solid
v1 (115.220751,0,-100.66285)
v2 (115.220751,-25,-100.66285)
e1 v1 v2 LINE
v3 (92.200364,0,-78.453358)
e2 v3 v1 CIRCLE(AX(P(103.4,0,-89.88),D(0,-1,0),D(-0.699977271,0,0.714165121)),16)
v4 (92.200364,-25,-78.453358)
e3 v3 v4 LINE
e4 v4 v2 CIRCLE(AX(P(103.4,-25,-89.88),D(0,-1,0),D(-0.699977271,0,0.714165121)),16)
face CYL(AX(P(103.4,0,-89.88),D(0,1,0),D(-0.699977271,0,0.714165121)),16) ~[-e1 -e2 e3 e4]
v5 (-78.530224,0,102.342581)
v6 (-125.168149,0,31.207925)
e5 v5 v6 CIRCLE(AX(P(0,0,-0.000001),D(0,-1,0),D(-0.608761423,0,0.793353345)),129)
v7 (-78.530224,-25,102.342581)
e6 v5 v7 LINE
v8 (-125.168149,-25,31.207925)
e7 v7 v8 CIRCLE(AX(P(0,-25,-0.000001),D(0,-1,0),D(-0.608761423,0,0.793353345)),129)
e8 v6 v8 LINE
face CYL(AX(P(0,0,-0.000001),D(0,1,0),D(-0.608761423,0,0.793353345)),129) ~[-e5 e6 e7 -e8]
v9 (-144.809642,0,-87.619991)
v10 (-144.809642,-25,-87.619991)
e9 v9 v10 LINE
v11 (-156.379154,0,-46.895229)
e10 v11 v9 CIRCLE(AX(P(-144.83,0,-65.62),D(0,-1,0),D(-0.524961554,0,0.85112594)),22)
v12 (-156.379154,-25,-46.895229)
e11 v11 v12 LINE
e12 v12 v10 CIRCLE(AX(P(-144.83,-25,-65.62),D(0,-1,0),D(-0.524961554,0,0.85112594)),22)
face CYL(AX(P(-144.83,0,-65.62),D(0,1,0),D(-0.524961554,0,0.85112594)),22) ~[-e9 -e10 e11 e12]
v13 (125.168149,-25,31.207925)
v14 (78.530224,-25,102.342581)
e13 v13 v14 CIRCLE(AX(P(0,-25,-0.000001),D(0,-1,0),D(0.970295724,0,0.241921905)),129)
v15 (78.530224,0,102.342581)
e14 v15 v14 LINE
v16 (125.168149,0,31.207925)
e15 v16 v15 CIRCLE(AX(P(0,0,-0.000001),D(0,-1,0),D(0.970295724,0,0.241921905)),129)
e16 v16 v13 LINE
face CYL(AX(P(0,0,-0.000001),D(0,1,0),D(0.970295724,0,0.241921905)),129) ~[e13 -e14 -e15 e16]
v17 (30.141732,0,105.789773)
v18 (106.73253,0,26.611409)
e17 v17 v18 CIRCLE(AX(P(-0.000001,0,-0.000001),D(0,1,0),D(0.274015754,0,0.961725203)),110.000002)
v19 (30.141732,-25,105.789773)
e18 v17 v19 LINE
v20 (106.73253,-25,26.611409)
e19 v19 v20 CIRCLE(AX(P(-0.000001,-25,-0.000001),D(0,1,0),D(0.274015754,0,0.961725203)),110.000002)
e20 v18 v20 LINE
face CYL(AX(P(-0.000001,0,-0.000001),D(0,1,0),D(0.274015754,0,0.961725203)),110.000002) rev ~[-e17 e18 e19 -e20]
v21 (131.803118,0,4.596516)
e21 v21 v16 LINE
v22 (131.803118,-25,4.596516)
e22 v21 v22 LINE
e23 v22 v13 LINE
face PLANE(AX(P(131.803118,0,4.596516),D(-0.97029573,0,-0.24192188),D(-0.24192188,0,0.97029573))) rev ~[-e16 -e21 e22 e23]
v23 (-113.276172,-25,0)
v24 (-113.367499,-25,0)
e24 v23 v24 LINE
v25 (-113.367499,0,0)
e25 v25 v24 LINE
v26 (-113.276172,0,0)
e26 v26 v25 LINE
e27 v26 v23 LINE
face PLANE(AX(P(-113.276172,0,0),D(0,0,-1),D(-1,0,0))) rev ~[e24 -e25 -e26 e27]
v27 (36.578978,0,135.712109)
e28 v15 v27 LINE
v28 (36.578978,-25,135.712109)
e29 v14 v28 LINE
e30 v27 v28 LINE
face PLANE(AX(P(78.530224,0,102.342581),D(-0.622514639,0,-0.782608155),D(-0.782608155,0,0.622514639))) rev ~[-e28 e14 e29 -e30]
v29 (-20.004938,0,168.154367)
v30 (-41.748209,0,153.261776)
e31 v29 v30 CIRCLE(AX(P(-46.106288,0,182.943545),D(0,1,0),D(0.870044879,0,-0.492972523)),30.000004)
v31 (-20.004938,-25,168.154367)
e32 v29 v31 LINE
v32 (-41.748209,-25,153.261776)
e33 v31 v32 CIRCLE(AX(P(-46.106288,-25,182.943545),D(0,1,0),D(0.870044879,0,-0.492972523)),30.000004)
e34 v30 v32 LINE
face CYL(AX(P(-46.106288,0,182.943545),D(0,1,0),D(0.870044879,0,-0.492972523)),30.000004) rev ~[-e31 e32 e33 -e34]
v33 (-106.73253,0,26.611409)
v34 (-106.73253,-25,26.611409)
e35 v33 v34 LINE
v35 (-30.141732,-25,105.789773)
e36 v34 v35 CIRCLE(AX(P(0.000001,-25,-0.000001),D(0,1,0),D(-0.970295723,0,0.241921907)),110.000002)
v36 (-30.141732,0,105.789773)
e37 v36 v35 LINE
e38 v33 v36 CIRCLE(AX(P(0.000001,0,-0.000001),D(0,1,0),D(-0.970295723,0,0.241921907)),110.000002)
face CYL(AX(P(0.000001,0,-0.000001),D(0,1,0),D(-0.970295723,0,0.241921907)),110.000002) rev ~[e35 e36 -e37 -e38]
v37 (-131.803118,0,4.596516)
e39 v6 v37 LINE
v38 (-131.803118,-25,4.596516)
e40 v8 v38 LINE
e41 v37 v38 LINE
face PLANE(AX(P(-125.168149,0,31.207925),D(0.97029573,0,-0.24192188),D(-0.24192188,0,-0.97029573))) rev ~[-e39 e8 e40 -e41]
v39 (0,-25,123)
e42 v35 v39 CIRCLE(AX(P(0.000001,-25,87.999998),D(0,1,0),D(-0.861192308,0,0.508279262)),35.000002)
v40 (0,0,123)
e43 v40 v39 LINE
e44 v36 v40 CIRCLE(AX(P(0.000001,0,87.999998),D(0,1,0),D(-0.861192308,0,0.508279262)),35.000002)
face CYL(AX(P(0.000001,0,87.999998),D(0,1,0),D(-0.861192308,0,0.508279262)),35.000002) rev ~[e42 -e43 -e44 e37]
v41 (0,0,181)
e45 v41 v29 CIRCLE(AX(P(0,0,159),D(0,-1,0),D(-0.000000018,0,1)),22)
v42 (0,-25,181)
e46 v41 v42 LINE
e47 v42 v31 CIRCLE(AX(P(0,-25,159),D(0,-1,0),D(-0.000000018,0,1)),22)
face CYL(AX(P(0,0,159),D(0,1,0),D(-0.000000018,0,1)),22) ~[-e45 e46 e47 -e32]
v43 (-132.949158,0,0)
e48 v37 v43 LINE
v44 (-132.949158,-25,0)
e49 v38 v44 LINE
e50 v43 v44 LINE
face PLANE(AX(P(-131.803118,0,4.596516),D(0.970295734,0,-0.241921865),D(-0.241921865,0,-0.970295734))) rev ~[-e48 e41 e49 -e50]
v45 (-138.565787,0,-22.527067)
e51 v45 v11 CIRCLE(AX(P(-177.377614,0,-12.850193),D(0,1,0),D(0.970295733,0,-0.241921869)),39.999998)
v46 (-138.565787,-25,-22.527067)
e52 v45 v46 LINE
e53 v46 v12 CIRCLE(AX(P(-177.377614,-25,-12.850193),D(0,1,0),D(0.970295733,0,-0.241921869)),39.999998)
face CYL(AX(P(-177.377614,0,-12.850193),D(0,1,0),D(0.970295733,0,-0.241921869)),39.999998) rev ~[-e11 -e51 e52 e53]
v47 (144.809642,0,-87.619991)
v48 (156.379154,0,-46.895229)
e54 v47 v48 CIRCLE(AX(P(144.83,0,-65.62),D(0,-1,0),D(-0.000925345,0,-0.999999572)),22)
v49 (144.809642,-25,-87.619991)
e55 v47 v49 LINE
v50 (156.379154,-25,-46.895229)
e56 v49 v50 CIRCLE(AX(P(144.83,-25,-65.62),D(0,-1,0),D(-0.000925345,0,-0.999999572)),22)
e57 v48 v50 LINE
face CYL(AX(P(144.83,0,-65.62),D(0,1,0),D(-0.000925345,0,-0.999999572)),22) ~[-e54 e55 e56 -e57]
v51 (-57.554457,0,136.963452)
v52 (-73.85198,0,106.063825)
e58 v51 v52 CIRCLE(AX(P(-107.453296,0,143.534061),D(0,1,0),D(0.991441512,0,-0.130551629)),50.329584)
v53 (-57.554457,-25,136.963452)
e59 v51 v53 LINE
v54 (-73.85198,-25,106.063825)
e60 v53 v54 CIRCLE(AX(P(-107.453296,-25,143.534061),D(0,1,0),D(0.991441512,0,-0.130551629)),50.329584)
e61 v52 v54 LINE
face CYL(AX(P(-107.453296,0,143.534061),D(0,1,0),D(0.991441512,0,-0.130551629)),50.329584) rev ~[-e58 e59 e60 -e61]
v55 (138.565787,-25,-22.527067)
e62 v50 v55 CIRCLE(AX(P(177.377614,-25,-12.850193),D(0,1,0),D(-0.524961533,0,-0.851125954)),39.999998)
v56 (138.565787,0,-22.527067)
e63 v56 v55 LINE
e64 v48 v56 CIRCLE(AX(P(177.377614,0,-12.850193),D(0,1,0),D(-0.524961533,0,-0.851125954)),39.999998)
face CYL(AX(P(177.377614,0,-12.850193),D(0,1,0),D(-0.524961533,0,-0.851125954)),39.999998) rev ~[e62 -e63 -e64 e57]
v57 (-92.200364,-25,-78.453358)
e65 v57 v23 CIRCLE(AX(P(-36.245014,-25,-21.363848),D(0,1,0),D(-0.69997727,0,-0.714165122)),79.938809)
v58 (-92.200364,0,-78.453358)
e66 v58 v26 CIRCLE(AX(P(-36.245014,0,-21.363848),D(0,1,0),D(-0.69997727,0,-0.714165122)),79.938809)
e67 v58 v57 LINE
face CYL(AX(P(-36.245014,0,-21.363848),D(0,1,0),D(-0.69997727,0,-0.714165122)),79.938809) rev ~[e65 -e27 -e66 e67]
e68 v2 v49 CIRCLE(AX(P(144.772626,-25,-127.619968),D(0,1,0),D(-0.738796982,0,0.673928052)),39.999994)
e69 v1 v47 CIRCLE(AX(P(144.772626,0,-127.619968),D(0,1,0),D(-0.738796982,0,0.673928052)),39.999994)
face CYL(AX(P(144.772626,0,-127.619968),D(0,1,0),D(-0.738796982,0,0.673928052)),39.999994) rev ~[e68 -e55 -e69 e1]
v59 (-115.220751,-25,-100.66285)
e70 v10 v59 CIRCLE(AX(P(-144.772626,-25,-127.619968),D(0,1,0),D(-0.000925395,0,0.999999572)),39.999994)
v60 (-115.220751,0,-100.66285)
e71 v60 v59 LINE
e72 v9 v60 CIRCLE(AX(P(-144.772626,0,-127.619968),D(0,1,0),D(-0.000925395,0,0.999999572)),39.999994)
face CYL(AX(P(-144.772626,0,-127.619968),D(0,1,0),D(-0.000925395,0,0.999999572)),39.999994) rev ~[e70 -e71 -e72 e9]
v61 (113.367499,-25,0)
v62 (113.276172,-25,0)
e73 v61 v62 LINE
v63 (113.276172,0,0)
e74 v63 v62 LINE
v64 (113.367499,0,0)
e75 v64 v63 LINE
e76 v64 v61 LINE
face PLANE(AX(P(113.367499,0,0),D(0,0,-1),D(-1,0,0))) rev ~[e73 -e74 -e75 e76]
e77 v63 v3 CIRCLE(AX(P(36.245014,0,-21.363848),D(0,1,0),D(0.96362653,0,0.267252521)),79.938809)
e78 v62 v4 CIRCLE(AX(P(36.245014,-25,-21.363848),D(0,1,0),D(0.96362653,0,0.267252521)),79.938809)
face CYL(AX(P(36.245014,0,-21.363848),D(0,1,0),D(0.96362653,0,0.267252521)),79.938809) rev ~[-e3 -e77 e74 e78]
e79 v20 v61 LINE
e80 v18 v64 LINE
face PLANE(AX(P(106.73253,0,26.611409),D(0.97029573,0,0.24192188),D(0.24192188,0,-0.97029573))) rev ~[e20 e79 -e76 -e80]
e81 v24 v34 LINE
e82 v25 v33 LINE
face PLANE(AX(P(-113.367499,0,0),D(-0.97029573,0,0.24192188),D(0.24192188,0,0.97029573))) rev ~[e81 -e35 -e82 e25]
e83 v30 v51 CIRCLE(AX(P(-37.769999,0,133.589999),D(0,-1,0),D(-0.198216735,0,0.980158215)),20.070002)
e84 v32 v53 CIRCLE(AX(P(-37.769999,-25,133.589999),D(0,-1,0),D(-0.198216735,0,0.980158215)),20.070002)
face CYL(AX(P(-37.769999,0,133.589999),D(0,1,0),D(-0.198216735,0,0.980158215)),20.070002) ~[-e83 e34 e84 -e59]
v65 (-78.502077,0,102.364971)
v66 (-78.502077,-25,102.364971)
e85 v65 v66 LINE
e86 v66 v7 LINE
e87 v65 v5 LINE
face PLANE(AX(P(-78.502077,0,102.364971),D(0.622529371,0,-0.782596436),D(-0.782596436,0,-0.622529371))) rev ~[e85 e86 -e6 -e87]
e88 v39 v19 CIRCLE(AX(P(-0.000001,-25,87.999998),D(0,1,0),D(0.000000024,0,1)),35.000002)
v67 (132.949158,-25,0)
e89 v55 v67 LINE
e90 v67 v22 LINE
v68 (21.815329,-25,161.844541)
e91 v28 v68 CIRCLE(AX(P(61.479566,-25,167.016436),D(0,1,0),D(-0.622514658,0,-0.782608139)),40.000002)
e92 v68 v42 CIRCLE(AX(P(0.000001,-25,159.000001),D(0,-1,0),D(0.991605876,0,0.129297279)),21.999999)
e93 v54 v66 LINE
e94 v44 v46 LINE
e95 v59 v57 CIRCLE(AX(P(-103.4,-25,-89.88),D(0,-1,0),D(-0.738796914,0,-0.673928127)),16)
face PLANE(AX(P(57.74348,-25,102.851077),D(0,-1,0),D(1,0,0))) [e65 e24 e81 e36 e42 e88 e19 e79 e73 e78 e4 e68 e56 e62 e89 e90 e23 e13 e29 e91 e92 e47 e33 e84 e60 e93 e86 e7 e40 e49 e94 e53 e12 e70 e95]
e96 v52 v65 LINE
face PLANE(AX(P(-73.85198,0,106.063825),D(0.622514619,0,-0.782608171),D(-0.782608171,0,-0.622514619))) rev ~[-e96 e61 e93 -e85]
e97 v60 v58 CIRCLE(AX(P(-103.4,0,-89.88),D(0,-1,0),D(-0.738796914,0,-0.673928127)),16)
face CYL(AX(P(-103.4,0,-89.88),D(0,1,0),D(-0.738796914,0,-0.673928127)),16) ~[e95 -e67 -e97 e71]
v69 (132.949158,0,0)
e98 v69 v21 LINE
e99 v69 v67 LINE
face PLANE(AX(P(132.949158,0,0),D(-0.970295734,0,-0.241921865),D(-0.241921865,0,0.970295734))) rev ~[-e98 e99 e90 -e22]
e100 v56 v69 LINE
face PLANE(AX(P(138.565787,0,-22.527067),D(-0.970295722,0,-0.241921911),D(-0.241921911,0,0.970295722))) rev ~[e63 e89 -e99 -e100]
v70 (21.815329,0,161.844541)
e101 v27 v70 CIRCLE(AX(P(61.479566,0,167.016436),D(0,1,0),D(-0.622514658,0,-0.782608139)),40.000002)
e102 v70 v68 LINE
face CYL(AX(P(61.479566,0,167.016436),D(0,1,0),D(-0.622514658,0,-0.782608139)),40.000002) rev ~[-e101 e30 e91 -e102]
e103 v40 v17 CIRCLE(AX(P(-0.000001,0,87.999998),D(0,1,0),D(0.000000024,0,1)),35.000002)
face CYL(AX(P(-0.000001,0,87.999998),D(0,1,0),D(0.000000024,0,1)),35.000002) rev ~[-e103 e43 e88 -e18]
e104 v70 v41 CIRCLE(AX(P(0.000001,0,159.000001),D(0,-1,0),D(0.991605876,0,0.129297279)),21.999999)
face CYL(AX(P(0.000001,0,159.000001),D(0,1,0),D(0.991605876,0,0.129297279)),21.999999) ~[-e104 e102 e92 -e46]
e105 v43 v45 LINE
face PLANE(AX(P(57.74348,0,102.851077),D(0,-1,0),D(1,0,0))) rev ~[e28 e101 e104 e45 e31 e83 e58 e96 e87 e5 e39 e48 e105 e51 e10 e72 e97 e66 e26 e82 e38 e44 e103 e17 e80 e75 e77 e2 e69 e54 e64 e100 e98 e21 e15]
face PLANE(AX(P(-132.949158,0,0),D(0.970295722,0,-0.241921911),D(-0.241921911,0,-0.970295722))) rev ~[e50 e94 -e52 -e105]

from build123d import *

# Parameters (mm, degrees)
F1_DEPTH = 25


with BuildPart() as f1:
    # F0 (on Front) → F1 (new body)
    with BuildSketch(Plane.XZ):
        with BuildLine():
            ThreePointArc((0, 123), (17.354509, 118.394424), (30.141732, 105.789773))
            ThreePointArc((30.141732, 105.789773), (79.062913, 76.47912), (106.73253, 26.611409))
            Line((106.73253, 26.611409), (125.168149, 31.207925))
            ThreePointArc((125.168149, 31.207925), (107.880914, 70.729827), (78.530224, 102.342581))
            Line((78.530224, 102.342581), (36.578978, 135.712109))
            ThreePointArc((36.578978, 135.712109), (26.653137, 147.34107), (21.815329, 161.844541))
            ThreePointArc((21.815329, 161.844541), (14.515855, 175.531484), (0, 181))
            Line((0, 181), (0, 123))
        make_face()
        with BuildLine():
            ThreePointArc((-30.141732, 105.789773), (-17.354509, 118.394424), (0, 123))
            Line((0, 123), (0, 181))
            ThreePointArc((0, 181), (-11.88705, 177.512105), (-20.004938, 168.154367))
            ThreePointArc((-20.004938, 168.154367), (-29.153662, 158.192611), (-41.748209, 153.261776))
            ThreePointArc((-41.748209, 153.261776), (-52.17746, 147.562473), (-57.554457, 136.963452))
            ThreePointArc((-57.554457, 136.963452), (-62.936269, 120.054254), (-73.85198, 106.063825))
            ThreePointArc((-73.85198, 106.063825), (-76.122396, 104.145715), (-78.502077, 102.364971))
            Line((-78.502077, 102.364971), (-78.530224, 102.342581))
            ThreePointArc((-78.530224, 102.342581), (-107.880914, 70.729827), (-125.168149, 31.207925))
            Line((-125.168149, 31.207925), (-131.803118, 4.596516))
            Line((-131.803118, 4.596516), (-132.949158, 0))
            Line((-132.949158, 0), (-113.367499, 0))
            Line((-113.367499, 0), (-106.73253, 26.611409))
            ThreePointArc((-106.73253, 26.611409), (-79.062913, 76.47912), (-30.141732, 105.789773))
        make_face()
        Polygon((125.168149, 31.207925), (106.73253, 26.611409), (113.367499, 0), (132.949158, 0), (131.803118, 4.596516), align=None)
        with BuildLine():
            Line((132.949158, 0), (113.367499, 0))
            Line((113.367499, 0), (113.276172, 0))
            ThreePointArc((113.276172, 0), (113.446602, -42.103379), (92.200364, -78.453358))
            ThreePointArc((92.200364, -78.453358), (92.290913, -101.394694), (115.220751, -100.66285))
            ThreePointArc((115.220751, -100.66285), (128.638477, -91.018209), (144.809642, -87.619991))
            ThreePointArc((144.809642, -87.619991), (165.992581, -71.632085), (156.379154, -46.895229))
            ThreePointArc((156.379154, -46.895229), (145.085673, -36.45592), (138.565787, -22.527067))
            Line((138.565787, -22.527067), (132.949158, 0))
        make_face()
        with BuildLine():
            Line((-113.276172, 0), (-113.367499, 0))
            Line((-113.367499, 0), (-132.949158, 0))
            Line((-132.949158, 0), (-138.565787, -22.527067))
            ThreePointArc((-138.565787, -22.527067), (-145.085673, -36.45592), (-156.379154, -46.895229))
            ThreePointArc((-156.379154, -46.895229), (-165.992581, -71.632085), (-144.809642, -87.619991))
            ThreePointArc((-144.809642, -87.619991), (-128.638477, -91.018209), (-115.220751, -100.66285))
            ThreePointArc((-115.220751, -100.66285), (-92.290913, -101.394694), (-92.200364, -78.453358))
            ThreePointArc((-92.200364, -78.453358), (-113.446602, -42.103379), (-113.276172, 0))
        make_face()
        with BuildLine():
            ThreePointArc((-78.502077, 102.364971), (-76.122396, 104.145715), (-73.85198, 106.063825))
            Line((-73.85198, 106.063825), (-78.502077, 102.364971))
        make_face()
    extrude(amount=F1_DEPTH)


solid = f1.part
